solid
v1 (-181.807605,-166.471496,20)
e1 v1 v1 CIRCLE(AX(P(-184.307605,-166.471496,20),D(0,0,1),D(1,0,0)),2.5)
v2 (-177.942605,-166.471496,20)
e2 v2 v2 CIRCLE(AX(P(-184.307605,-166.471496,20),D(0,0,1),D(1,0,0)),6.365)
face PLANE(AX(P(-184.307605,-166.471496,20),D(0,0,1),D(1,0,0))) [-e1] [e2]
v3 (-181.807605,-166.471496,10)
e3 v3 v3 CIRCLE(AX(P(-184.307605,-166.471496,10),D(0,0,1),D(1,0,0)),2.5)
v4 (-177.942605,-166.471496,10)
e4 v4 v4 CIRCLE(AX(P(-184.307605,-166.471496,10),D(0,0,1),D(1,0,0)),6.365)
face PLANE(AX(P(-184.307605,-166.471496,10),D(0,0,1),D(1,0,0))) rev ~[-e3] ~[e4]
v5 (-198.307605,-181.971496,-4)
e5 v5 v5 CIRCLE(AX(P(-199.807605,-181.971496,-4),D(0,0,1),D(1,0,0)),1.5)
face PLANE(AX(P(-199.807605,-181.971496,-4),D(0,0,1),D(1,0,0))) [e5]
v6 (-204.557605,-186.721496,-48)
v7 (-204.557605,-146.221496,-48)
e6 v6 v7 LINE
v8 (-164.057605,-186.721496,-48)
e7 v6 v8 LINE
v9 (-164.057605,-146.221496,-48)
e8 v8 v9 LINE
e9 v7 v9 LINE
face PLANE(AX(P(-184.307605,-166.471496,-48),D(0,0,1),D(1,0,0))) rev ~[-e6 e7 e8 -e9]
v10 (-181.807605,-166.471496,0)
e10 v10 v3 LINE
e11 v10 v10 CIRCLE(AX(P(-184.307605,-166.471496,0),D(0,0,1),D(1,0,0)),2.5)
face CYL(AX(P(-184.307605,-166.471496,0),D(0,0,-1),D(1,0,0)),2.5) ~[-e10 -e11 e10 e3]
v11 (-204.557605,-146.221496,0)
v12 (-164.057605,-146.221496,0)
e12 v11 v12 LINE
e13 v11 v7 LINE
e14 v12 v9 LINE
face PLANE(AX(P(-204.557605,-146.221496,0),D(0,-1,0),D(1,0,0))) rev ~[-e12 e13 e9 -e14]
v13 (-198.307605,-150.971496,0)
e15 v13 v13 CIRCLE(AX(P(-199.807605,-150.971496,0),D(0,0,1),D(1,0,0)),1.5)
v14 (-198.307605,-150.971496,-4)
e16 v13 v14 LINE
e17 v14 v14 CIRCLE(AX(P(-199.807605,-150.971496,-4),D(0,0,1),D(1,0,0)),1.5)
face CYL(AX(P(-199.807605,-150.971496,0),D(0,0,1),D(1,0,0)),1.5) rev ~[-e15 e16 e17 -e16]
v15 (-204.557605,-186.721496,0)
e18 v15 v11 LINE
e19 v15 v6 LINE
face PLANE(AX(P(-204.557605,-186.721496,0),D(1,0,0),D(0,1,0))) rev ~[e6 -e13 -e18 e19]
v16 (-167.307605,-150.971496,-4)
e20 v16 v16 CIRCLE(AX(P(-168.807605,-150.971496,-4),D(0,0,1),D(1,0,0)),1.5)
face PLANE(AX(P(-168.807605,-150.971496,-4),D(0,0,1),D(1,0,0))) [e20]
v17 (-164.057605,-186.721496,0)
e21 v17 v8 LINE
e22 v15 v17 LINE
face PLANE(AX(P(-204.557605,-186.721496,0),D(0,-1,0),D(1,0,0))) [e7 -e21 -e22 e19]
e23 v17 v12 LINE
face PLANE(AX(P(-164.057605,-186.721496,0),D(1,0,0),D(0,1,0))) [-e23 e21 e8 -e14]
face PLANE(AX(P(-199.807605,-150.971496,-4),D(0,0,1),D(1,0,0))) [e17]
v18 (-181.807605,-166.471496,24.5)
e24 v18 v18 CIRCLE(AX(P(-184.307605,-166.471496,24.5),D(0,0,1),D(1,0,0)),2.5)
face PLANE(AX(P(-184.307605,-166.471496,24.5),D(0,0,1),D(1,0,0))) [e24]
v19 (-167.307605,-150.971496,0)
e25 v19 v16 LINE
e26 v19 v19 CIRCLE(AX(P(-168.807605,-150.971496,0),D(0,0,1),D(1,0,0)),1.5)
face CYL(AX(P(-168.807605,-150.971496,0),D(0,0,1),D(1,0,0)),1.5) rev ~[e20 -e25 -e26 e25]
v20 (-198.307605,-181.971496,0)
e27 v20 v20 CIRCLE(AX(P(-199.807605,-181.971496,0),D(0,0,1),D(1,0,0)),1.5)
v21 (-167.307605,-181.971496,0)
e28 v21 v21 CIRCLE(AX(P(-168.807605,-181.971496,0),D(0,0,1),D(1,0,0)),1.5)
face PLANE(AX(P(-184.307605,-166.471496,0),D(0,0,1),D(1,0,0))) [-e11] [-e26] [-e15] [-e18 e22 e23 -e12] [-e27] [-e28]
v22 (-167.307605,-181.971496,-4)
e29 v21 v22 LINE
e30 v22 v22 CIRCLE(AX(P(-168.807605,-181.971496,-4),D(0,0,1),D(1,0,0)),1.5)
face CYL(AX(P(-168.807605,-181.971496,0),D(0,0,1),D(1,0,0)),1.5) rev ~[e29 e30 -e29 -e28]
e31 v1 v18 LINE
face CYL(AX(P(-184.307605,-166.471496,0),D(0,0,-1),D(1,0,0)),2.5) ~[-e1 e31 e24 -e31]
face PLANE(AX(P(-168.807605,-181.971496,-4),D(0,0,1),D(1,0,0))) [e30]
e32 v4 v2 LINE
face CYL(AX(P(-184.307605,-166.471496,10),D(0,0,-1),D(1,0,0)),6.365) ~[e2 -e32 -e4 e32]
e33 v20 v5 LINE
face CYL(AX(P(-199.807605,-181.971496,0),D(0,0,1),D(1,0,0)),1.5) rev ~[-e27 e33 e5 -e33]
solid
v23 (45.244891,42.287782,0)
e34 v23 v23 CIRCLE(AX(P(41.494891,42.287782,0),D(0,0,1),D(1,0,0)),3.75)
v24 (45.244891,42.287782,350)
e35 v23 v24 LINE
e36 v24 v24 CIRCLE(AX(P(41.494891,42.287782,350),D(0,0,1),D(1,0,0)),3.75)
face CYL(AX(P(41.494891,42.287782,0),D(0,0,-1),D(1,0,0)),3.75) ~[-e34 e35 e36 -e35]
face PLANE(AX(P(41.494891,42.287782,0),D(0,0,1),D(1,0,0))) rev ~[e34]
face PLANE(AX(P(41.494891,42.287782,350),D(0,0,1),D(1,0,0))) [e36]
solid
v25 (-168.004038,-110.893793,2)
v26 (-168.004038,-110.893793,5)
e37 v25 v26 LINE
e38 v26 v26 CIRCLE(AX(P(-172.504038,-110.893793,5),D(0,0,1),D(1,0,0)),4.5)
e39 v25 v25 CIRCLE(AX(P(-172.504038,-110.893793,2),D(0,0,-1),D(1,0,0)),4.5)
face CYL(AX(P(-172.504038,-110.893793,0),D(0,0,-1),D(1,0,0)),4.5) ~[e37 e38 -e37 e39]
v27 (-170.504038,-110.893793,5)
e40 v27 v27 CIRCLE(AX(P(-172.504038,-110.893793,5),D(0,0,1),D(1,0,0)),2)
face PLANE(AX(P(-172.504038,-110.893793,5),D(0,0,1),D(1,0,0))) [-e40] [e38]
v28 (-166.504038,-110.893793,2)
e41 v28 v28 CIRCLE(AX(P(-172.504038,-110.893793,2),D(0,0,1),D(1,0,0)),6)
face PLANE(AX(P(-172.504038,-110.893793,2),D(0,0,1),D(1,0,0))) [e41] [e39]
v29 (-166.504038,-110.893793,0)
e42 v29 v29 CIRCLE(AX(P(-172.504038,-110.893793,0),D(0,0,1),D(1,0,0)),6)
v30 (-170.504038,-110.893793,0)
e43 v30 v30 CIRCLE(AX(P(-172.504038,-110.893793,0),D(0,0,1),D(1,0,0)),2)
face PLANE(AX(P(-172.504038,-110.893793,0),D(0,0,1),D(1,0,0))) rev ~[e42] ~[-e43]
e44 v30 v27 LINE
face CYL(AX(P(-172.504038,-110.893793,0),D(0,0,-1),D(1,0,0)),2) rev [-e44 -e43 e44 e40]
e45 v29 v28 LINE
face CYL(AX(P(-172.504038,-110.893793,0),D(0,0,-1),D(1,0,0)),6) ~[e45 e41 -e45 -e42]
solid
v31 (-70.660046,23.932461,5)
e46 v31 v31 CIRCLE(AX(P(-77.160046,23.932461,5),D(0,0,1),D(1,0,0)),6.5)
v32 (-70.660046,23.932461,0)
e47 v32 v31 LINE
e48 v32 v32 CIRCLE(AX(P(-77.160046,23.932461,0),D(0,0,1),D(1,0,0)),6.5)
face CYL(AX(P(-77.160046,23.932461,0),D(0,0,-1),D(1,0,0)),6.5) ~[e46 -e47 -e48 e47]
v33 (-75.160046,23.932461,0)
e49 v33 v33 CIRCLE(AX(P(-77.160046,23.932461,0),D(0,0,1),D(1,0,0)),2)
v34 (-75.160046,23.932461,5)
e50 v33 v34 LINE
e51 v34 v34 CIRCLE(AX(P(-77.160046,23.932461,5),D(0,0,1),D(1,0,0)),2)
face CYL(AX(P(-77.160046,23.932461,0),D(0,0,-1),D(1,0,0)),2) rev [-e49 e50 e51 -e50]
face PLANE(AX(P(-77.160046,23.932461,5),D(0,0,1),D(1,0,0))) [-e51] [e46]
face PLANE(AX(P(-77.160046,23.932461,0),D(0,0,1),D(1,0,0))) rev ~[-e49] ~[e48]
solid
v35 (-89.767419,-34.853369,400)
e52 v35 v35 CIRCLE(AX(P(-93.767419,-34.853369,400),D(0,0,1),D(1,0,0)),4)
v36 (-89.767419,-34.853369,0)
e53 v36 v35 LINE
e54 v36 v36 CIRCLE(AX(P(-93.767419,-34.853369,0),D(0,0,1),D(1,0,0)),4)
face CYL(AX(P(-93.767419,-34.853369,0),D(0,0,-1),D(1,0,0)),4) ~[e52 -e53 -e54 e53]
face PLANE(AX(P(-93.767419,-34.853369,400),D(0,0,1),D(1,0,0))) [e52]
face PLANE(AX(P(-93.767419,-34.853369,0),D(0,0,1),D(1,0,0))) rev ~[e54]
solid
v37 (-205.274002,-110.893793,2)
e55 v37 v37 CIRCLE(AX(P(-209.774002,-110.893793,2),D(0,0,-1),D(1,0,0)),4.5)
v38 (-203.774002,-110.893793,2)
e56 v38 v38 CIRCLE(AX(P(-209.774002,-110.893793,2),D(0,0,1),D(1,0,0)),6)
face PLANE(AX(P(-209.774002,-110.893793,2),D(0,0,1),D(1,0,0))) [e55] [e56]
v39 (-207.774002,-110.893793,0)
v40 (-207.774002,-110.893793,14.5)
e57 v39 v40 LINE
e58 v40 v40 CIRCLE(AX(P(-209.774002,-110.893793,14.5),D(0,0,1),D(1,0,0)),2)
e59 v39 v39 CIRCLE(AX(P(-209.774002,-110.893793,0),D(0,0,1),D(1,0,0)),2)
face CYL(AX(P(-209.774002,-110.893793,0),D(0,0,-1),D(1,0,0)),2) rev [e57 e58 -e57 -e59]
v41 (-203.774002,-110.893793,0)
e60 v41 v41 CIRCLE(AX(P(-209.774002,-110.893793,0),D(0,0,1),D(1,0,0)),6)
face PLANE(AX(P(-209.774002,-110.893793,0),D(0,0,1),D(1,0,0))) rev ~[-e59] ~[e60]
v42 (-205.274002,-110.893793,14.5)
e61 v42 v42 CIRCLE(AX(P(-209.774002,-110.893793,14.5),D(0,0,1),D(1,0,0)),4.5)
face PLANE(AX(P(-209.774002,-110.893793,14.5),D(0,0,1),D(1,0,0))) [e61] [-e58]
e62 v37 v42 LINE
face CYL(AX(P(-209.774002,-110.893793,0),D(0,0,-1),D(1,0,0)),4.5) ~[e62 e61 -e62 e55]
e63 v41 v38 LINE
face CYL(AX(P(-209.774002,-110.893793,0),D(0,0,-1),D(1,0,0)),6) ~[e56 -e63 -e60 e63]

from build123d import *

# Parameters (mm, degrees)
F0_R      = 4
F1_DEPTH  = 400
F0_R_2    = 6.5
F0_R_3    = 2
F2_DEPTH  = 5
F3_W      = 40.5
F3_H      = 40.5
F3_R      = 1.5
F3_R_2    = 6.365
F3_R_3    = 2.5
F4_DEPTH  = 48
F5_DEPTH  = 4
F6_DEPTH  = 24.5
F7_START  = 10
F7_DEPTH  = 10
F8_R      = 3.75
F9_DEPTH  = 350
F0_R_4    = 6
F0_R_5    = 4.5
F10_DEPTH = 2
F11_DEPTH = 14.5
F12_DEPTH = 5


with BuildPart() as f1:
    # F0 (on Top) → F1 (new body)
    with BuildSketch(Plane.XY):
        with Locations((-93.7674194574, -34.8533689976)):
            Circle(F0_R)
    extrude(amount=F1_DEPTH)


with BuildPart() as f2:
    # F0 (on Top) → F2 (new body)
    with BuildSketch(Plane.XY):
        with Locations((-77.1600455046, 23.9324606955)):
            Circle(F0_R_2)
        with Locations((-77.1600455046, 23.9324606955)):
            Circle(F0_R_3, mode=Mode.SUBTRACT)
    extrude(amount=F2_DEPTH)


with BuildPart() as f4:
    # F3 (on Top) → F4 (new body)
    with BuildSketch(Plane.XY):
        with Locations((-184.3076050282, -166.4714962244)):
            Rectangle(F3_W, F3_H)
        with Locations((-199.8076050282, -181.9714962244)):
            Circle(F3_R, mode=Mode.SUBTRACT)
        with Locations((-168.8076050282, -181.9714962244)):
            Circle(F3_R, mode=Mode.SUBTRACT)
        with Locations((-184.3076050282, -166.4714962244)):
            Circle(F3_R_2, mode=Mode.SUBTRACT)
        with Locations((-199.8076050282, -150.9714962244)):
            Circle(F3_R, mode=Mode.SUBTRACT)
        with Locations((-168.8076050282, -150.9714962244)):
            Circle(F3_R, mode=Mode.SUBTRACT)
        with Locations((-184.3076050282, -166.4714962244)):
            Circle(F3_R_2)
        with Locations((-184.3076050282, -166.4714962244)):
            Circle(F3_R_3, mode=Mode.SUBTRACT)
        with Locations((-184.3076050282, -166.4714962244)):
            Circle(F3_R_3)
        with Locations((-199.8076050282, -181.9714962244)):
            Circle(F3_R)
        with Locations((-199.8076050282, -150.9714962244)):
            Circle(F3_R)
        with Locations((-168.8076050282, -150.9714962244)):
            Circle(F3_R)
        with Locations((-168.8076050282, -181.9714962244)):
            Circle(F3_R)
    extrude(amount=-F4_DEPTH)

    # F3 (on Top) → F5 (cut)
    with BuildSketch(Plane.XY):
        with Locations((-199.8076050282, -150.9714962244)):
            Circle(F3_R)
        with Locations((-199.8076050282, -181.9714962244)):
            Circle(F3_R)
        with Locations((-168.8076050282, -181.9714962244)):
            Circle(F3_R)
        with Locations((-168.8076050282, -150.9714962244)):
            Circle(F3_R)
    extrude(amount=-F5_DEPTH, mode=Mode.SUBTRACT)

    # F3 (on Top) → F6 (join)
    with BuildSketch(Plane.XY):
        with Locations((-184.3076050282, -166.4714962244)):
            Circle(F3_R_3)
    extrude(amount=F6_DEPTH)

    # F3 (on Top) → F7 (join)
    with BuildSketch(Plane.XY.offset(F7_START)):
        with Locations((-184.3076050282, -166.4714962244)):
            Circle(F3_R_2)
        with Locations((-184.3076050282, -166.4714962244)):
            Circle(F3_R_3, mode=Mode.SUBTRACT)
    extrude(amount=F7_DEPTH)


with BuildPart() as f9:
    # F8 (on Top) → F9 (new body)
    with BuildSketch(Plane.XY):
        with Locations((41.4948910475, 42.2877818346)):
            Circle(F8_R)
    extrude(amount=F9_DEPTH)


with BuildPart() as f10:
    # F0 (on Top) → F10 (new body)
    with BuildSketch(Plane.XY):
        with Locations((-209.7740024328, -110.8937934041)):
            Circle(F0_R_4)
        with Locations((-209.7740024328, -110.8937934041)):
            Circle(F0_R_5, mode=Mode.SUBTRACT)
        with Locations((-209.7740024328, -110.8937934041)):
            Circle(F0_R_5)
        with Locations((-209.7740024328, -110.8937934041)):
            Circle(F0_R_3, mode=Mode.SUBTRACT)
    extrude(amount=F10_DEPTH)

    # F0 (on Top) → F11 (join)
    with BuildSketch(Plane.XY):
        with Locations((-209.7740024328, -110.8937934041)):
            Circle(F0_R_5)
        with Locations((-209.7740024328, -110.8937934041)):
            Circle(F0_R_3, mode=Mode.SUBTRACT)
    extrude(amount=F11_DEPTH)


with BuildPart() as f10b:
    # F0 (on Top) → F10, piece 2 (new body)
    with BuildSketch(Plane.XY):
        with Locations((-172.5040376186, -110.8937934041)):
            Circle(F0_R_4)
        with Locations((-172.5040376186, -110.8937934041)):
            Circle(F0_R_5, mode=Mode.SUBTRACT)
        with Locations((-172.5040376186, -110.8937934041)):
            Circle(F0_R_5)
        with Locations((-172.5040376186, -110.8937934041)):
            Circle(F0_R_3, mode=Mode.SUBTRACT)
    extrude(amount=F10_DEPTH)

    # F0 (on Top) → F12 (join)
    with BuildSketch(Plane.XY):
        with Locations((-172.5040376186, -110.8937934041)):
            Circle(F0_R_5)
        with Locations((-172.5040376186, -110.8937934041)):
            Circle(F0_R_3, mode=Mode.SUBTRACT)
    extrude(amount=F12_DEPTH)


solid = Compound([f1.part, f2.part, f4.part, f9.part, f10.part, f10b.part])
